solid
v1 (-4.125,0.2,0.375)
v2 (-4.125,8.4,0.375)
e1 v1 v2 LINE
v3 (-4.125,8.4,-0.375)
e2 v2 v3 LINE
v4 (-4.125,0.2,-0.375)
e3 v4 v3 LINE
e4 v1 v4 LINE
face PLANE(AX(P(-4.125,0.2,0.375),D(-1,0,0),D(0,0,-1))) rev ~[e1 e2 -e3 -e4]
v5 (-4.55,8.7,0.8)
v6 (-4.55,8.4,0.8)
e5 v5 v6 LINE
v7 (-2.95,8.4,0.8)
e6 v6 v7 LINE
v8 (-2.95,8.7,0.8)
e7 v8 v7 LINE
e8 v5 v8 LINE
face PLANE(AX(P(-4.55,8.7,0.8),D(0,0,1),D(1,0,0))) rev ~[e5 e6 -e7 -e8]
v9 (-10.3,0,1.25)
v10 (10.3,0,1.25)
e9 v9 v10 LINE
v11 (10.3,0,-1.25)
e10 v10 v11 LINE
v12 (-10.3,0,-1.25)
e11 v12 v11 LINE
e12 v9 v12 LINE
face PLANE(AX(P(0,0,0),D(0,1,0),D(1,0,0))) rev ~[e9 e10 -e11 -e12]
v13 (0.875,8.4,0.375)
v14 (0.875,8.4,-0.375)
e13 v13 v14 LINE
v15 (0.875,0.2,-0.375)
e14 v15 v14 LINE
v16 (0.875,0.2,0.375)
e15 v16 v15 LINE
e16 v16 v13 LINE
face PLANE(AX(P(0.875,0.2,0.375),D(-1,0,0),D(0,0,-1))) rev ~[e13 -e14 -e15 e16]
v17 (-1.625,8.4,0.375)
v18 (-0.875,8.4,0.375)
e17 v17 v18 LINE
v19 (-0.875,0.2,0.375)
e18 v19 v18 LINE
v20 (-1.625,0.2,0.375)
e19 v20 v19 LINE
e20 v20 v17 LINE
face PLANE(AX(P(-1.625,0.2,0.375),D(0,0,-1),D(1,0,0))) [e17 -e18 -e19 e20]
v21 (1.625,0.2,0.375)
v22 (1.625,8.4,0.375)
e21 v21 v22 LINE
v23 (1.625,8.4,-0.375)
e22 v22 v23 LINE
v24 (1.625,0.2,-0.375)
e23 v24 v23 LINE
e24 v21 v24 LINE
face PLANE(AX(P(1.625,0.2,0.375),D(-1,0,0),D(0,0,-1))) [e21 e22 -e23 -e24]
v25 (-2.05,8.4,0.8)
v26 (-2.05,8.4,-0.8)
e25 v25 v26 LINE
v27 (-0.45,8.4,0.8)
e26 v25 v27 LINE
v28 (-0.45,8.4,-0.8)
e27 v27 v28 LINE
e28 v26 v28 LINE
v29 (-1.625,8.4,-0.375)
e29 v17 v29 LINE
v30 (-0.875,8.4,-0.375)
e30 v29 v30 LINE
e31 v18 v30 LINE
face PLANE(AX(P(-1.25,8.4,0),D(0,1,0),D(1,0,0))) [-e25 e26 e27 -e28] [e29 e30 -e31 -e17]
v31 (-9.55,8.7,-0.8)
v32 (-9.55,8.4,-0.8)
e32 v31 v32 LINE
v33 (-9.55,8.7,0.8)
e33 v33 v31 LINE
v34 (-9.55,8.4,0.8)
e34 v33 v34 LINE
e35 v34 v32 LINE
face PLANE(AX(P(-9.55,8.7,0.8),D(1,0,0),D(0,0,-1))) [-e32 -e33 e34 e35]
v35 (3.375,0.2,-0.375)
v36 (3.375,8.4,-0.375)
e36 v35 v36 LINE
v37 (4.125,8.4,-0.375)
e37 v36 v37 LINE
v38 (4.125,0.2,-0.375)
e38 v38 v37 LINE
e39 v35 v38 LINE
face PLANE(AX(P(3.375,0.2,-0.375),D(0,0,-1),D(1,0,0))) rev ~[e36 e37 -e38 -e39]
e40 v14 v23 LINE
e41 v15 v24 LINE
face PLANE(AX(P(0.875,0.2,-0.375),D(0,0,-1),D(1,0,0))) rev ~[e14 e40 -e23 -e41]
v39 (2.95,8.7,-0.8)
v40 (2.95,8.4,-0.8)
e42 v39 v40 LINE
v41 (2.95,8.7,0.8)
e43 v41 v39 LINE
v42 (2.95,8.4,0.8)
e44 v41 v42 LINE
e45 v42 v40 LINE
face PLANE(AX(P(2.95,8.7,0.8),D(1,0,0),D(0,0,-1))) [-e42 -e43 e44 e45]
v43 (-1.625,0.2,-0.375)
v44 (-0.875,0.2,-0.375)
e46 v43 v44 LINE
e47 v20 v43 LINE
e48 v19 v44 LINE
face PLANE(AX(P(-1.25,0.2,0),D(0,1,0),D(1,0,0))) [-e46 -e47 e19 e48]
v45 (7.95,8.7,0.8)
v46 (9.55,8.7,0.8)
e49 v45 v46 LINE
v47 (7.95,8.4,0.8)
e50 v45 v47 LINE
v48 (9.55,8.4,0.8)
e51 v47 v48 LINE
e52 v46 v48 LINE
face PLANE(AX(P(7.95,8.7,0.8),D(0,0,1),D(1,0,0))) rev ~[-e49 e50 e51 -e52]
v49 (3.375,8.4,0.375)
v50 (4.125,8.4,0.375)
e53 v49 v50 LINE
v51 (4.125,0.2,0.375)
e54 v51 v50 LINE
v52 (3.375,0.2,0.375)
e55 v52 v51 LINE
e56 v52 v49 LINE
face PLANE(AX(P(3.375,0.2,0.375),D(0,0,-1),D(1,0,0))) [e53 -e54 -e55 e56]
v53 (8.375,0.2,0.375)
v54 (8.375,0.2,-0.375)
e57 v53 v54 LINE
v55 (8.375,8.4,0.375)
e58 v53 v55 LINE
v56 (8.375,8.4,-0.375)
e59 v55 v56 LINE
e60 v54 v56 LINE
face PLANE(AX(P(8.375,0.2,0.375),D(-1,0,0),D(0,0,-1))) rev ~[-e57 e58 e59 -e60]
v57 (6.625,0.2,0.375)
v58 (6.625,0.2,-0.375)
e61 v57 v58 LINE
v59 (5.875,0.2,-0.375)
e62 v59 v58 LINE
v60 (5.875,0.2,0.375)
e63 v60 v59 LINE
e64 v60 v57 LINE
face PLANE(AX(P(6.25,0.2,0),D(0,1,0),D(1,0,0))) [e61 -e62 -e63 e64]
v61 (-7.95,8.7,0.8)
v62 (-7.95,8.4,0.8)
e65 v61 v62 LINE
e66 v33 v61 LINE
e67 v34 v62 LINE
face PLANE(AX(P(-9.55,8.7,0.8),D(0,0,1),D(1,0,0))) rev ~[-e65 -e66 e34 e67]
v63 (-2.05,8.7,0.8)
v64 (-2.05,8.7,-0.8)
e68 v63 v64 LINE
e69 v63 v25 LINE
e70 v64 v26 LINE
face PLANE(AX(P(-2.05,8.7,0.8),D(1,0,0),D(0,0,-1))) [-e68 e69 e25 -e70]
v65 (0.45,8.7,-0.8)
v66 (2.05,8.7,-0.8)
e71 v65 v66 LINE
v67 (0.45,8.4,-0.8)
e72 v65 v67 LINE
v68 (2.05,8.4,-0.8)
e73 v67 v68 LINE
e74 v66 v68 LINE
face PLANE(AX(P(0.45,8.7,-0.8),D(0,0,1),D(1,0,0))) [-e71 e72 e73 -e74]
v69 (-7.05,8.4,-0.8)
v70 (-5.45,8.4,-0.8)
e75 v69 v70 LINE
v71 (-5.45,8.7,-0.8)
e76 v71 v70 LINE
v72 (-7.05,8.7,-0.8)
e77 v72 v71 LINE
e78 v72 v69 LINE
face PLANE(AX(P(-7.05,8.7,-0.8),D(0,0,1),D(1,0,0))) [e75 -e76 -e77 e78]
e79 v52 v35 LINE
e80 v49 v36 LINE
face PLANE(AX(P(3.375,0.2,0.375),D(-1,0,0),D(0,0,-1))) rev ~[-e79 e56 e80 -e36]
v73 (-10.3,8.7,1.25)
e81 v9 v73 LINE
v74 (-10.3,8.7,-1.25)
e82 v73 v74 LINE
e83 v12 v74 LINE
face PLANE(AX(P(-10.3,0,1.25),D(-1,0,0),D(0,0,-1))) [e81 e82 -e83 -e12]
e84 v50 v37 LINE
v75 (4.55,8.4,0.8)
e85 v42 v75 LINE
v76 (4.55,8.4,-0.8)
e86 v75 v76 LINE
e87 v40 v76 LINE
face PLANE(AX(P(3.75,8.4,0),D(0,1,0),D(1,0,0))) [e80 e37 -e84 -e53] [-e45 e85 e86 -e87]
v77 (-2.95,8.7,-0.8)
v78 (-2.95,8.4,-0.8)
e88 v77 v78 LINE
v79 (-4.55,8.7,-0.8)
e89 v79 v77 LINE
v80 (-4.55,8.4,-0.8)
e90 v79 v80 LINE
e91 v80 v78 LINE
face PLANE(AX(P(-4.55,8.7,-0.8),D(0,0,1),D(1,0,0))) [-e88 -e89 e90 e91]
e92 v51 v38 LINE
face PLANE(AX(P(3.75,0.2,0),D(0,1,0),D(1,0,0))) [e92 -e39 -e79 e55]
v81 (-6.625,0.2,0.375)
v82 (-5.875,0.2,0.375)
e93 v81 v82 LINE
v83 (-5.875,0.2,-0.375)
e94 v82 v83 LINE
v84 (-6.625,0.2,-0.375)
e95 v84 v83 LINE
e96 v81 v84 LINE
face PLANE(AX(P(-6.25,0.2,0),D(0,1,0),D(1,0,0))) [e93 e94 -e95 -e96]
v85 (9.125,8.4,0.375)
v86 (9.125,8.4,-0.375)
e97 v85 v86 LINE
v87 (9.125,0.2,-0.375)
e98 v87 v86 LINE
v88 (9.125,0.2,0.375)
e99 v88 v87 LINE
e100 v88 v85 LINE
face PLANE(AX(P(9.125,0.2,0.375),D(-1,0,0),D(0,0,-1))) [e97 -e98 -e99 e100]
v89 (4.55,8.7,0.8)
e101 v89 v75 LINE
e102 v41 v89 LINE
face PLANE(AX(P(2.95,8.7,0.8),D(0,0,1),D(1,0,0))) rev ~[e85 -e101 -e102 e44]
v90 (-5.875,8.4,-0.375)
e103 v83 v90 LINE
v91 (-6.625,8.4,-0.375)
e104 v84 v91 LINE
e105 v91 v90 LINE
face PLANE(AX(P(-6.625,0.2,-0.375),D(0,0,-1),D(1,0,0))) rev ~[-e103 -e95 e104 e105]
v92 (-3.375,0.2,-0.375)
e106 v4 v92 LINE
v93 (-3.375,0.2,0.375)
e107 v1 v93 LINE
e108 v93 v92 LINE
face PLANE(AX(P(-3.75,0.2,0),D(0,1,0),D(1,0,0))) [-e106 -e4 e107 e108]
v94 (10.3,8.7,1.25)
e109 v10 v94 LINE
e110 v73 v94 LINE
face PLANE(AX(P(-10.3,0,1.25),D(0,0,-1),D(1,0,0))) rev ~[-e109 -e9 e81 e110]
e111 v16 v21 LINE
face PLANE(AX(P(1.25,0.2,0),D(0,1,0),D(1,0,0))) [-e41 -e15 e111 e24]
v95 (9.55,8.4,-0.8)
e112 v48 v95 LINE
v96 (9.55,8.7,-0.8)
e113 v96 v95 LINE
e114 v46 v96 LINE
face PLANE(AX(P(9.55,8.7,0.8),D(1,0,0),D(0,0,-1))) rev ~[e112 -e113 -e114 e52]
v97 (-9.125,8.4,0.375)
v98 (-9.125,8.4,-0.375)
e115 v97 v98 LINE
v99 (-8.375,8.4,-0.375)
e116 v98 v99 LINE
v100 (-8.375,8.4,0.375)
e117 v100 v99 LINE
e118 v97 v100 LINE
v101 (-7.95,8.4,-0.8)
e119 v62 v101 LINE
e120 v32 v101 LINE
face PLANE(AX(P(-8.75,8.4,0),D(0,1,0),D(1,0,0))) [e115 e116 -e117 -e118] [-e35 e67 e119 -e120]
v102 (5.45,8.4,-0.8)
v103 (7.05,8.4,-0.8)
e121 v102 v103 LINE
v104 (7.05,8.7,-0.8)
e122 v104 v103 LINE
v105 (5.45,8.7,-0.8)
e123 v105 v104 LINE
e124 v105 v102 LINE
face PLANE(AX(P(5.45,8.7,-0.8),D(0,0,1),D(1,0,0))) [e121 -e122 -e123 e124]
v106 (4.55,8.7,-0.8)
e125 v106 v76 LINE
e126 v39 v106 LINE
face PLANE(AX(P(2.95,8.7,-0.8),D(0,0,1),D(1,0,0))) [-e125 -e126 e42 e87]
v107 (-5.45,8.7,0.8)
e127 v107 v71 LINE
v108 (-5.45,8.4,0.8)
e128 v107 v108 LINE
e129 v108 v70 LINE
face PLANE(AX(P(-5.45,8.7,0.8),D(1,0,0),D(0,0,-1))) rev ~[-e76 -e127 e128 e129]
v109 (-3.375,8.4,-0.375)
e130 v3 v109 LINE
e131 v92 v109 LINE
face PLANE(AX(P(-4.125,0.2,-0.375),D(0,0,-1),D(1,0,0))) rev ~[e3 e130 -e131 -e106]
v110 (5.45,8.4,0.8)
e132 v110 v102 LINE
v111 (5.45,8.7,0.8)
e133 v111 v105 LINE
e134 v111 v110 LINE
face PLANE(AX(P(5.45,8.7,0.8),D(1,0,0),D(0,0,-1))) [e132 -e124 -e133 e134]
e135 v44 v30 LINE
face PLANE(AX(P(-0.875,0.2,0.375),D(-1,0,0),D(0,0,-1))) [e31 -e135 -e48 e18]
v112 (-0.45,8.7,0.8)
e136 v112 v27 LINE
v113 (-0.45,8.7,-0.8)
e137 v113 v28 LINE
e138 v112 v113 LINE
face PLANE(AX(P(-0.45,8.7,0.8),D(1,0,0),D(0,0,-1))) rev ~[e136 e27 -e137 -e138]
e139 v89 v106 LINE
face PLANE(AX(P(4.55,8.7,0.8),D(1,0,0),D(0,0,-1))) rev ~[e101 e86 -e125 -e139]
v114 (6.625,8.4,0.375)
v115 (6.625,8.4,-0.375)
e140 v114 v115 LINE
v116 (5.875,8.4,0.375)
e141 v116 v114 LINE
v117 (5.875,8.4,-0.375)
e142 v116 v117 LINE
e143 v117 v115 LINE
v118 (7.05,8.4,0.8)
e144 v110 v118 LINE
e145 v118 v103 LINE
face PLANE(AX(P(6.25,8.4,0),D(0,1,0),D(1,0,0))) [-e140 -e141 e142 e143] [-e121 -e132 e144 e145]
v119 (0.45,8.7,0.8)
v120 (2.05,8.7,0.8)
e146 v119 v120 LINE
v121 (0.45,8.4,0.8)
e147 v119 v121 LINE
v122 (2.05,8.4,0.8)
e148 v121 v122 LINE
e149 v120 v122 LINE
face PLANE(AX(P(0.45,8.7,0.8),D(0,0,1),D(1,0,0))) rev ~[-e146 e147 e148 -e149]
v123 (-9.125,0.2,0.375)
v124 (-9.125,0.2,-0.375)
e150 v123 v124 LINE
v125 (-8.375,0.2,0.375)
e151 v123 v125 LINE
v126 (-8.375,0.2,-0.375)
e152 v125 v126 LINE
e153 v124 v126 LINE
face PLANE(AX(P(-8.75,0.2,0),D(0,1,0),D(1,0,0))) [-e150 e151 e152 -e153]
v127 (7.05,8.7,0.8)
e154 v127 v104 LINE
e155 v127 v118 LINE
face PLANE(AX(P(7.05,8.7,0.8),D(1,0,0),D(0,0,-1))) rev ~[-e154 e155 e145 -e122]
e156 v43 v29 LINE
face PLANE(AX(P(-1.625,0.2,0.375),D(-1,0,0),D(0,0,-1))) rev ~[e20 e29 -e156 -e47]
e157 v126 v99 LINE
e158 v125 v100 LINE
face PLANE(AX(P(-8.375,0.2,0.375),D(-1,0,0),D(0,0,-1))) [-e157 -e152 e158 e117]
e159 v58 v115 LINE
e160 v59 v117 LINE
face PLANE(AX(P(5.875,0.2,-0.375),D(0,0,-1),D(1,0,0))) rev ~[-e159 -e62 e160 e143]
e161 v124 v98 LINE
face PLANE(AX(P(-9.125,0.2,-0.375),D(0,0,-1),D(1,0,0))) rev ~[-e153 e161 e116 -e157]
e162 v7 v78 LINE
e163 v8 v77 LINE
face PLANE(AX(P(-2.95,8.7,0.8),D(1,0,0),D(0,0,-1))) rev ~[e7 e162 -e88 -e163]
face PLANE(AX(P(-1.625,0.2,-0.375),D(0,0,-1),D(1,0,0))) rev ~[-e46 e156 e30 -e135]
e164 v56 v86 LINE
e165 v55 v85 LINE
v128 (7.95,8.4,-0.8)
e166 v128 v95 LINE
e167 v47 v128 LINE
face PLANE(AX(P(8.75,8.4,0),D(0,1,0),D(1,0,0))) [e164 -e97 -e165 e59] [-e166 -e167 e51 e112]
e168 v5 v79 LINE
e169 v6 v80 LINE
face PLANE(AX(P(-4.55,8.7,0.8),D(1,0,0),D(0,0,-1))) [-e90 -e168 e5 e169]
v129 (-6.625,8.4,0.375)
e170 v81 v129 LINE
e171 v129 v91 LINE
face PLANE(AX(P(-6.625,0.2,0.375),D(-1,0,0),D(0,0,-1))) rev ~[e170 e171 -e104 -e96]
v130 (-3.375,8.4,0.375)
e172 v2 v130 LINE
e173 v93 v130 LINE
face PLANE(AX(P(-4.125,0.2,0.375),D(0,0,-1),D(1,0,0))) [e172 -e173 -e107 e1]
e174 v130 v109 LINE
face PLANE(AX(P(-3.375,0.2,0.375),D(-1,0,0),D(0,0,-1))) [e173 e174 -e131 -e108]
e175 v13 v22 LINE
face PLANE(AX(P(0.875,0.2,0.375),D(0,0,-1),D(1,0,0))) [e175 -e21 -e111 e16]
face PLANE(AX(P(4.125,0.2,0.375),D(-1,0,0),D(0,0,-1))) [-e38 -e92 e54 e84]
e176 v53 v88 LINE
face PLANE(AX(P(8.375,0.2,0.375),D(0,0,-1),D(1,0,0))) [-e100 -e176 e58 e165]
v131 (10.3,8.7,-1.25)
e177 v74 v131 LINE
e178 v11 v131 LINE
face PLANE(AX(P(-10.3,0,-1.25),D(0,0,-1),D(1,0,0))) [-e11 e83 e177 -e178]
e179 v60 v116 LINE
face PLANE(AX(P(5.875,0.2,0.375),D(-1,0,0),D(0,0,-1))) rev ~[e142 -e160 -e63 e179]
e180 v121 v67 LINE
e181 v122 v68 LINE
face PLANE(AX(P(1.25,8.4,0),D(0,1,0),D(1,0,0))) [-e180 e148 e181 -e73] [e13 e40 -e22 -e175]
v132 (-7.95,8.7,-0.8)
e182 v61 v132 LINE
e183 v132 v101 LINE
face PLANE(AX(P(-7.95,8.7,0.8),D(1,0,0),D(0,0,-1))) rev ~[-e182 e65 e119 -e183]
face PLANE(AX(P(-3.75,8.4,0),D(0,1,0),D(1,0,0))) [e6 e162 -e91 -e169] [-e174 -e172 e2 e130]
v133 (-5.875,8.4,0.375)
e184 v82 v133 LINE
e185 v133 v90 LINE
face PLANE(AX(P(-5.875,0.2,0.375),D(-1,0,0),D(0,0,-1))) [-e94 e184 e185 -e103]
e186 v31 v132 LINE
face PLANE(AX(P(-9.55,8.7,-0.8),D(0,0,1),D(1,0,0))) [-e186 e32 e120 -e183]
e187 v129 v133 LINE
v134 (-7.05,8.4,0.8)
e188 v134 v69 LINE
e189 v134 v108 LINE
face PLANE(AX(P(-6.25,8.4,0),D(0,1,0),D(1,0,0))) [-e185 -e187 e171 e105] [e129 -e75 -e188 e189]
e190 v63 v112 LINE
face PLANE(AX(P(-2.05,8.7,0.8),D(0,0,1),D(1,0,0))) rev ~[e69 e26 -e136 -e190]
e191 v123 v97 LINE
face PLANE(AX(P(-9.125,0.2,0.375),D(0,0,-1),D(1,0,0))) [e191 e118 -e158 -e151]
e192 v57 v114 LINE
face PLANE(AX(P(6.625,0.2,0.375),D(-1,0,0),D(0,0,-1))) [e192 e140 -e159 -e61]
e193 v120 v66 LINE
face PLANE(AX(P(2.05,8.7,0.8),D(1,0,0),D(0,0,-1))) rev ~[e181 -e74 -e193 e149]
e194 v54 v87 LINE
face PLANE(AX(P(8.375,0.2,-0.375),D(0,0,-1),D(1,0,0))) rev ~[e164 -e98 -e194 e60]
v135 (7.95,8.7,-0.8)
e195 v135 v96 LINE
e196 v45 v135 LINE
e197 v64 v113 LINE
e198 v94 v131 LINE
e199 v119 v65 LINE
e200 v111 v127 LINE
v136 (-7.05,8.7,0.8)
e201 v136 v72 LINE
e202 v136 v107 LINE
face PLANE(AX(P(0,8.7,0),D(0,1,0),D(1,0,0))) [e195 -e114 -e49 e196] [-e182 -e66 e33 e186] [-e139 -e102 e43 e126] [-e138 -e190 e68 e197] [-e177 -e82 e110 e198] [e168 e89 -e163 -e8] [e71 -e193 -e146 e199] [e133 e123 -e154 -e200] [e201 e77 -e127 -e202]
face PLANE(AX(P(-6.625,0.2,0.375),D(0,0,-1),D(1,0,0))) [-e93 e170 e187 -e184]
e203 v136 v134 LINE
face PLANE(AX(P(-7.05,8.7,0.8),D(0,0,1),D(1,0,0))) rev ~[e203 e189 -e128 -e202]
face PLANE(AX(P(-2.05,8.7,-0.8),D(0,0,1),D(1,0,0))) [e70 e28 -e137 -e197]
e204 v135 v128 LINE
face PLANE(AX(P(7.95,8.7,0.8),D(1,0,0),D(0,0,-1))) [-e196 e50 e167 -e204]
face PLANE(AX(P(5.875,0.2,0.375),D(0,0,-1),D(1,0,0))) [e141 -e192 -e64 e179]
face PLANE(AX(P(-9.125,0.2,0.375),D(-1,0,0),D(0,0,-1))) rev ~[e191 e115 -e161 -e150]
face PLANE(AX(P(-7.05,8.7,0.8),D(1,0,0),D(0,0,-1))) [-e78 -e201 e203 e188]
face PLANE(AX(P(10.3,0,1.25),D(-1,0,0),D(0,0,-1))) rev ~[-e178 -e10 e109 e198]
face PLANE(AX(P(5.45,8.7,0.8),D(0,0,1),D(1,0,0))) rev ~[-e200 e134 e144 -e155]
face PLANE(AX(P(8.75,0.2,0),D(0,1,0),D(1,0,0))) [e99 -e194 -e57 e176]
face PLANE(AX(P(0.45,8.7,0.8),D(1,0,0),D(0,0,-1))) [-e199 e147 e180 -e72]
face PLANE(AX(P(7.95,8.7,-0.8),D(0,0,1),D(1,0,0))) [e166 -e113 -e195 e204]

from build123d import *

# Parameters (mm, degrees)
CROQUIS1_W              = 20.6
CROQUIS1_H              = 2.5
SALIENTE_EXTRUIR1_DEPTH = 8.7
CROQUIS3_W              = 1.6
CROQUIS3_H              = 1.6
CORTAR_EXTRUIR1_DEPTH   = 8.5
CROQUIS5_W              = 1.6
CROQUIS5_H              = 1.6
CROQUIS5_W_2            = 0.75
CROQUIS5_H_2            = 0.75
SALIENTE_EXTRUIR2_DEPTH = 8.2


with BuildPart() as part:
    # Croquis1 → Saliente-Extruir1 (new body)
    with BuildSketch(Plane(origin=(0, 0, 0), x_dir=(1, 0, 0), z_dir=(0, 1, 0))):
        Rectangle(CROQUIS1_W, CROQUIS1_H)
    extrude(amount=SALIENTE_EXTRUIR1_DEPTH)

    # Croquis3 → Cortar-Extruir1 (cut)
    with BuildSketch(Plane(origin=(0, 8.7, 0), x_dir=(1, 0, 0), z_dir=(0, 1, 0))):
        with Locations((-8.75, 0)):
            Rectangle(CROQUIS3_W, CROQUIS3_H)
        with Locations((-6.25, 0)):
            Rectangle(CROQUIS3_W, CROQUIS3_H)
        with Locations((-3.75, 0)):
            Rectangle(CROQUIS3_W, CROQUIS3_H)
        with Locations((-1.25, 0)):
            Rectangle(CROQUIS3_W, CROQUIS3_H)
        with Locations((1.25, 0)):
            Rectangle(CROQUIS3_W, CROQUIS3_H)
        with Locations((3.75, 0)):
            Rectangle(CROQUIS3_W, CROQUIS3_H)
        with Locations((6.25, 0)):
            Rectangle(CROQUIS3_W, CROQUIS3_H)
        with Locations((8.75, 0)):
            Rectangle(CROQUIS3_W, CROQUIS3_H)
    extrude(amount=-CORTAR_EXTRUIR1_DEPTH, mode=Mode.SUBTRACT)

    # Croquis5 → Saliente-Extruir2 (add)
    # profile 1 of 8: a face of its own
    with BuildSketch(Plane(origin=(0, 0.2, 0), x_dir=(1, 0, 0), z_dir=(0, 1, 0))):
        with Locations((-8.75, 0)):
            Rectangle(CROQUIS5_W, CROQUIS5_H)
        with Locations((-8.75, 0)):
            Rectangle(CROQUIS5_W_2, CROQUIS5_H_2, mode=Mode.SUBTRACT)
    # profile 2 of 8: a face of its own
    with BuildSketch(Plane(origin=(0, 0.2, 0), x_dir=(1, 0, 0), z_dir=(0, 1, 0))):
        with Locations((-6.25, 0)):
            Rectangle(CROQUIS5_W, CROQUIS5_H)
        with Locations((-6.25, 0)):
            Rectangle(CROQUIS5_W_2, CROQUIS5_H_2, mode=Mode.SUBTRACT)
    # profile 3 of 8: a face of its own
    with BuildSketch(Plane(origin=(0, 0.2, 0), x_dir=(1, 0, 0), z_dir=(0, 1, 0))):
        with Locations((-3.75, 0)):
            Rectangle(CROQUIS5_W, CROQUIS5_H)
        with Locations((-3.75, 0)):
            Rectangle(CROQUIS5_W_2, CROQUIS5_H_2, mode=Mode.SUBTRACT)
    # profile 4 of 8: a face of its own
    with BuildSketch(Plane(origin=(0, 0.2, 0), x_dir=(1, 0, 0), z_dir=(0, 1, 0))):
        with Locations((-1.25, 0)):
            Rectangle(CROQUIS5_W, CROQUIS5_H)
        with Locations((-1.25, 0)):
            Rectangle(CROQUIS5_W_2, CROQUIS5_H_2, mode=Mode.SUBTRACT)
    # profile 5 of 8: a face of its own
    with BuildSketch(Plane(origin=(0, 0.2, 0), x_dir=(1, 0, 0), z_dir=(0, 1, 0))):
        with Locations((1.25, 0)):
            Rectangle(CROQUIS5_W, CROQUIS5_H)
        with Locations((1.25, 0)):
            Rectangle(CROQUIS5_W_2, CROQUIS5_H_2, mode=Mode.SUBTRACT)
    # profile 6 of 8: a face of its own
    with BuildSketch(Plane(origin=(0, 0.2, 0), x_dir=(1, 0, 0), z_dir=(0, 1, 0))):
        with Locations((3.75, 0)):
            Rectangle(CROQUIS5_W, CROQUIS5_H)
        with Locations((3.75, 0)):
            Rectangle(CROQUIS5_W_2, CROQUIS5_H_2, mode=Mode.SUBTRACT)
    # profile 7 of 8: a face of its own
    with BuildSketch(Plane(origin=(0, 0.2, 0), x_dir=(1, 0, 0), z_dir=(0, 1, 0))):
        with Locations((6.25, 0)):
            Rectangle(CROQUIS5_W, CROQUIS5_H)
        with Locations((6.25, 0)):
            Rectangle(CROQUIS5_W_2, CROQUIS5_H_2, mode=Mode.SUBTRACT)
    # profile 8 of 8: a face of its own
    with BuildSketch(Plane(origin=(0, 0.2, 0), x_dir=(1, 0, 0), z_dir=(0, 1, 0))):
        with Locations((8.75, 0)):
            Rectangle(CROQUIS5_W, CROQUIS5_H)
        with Locations((8.75, 0)):
            Rectangle(CROQUIS5_W_2, CROQUIS5_H_2, mode=Mode.SUBTRACT)
    extrude(amount=SALIENTE_EXTRUIR2_DEPTH)


solid = part.part
